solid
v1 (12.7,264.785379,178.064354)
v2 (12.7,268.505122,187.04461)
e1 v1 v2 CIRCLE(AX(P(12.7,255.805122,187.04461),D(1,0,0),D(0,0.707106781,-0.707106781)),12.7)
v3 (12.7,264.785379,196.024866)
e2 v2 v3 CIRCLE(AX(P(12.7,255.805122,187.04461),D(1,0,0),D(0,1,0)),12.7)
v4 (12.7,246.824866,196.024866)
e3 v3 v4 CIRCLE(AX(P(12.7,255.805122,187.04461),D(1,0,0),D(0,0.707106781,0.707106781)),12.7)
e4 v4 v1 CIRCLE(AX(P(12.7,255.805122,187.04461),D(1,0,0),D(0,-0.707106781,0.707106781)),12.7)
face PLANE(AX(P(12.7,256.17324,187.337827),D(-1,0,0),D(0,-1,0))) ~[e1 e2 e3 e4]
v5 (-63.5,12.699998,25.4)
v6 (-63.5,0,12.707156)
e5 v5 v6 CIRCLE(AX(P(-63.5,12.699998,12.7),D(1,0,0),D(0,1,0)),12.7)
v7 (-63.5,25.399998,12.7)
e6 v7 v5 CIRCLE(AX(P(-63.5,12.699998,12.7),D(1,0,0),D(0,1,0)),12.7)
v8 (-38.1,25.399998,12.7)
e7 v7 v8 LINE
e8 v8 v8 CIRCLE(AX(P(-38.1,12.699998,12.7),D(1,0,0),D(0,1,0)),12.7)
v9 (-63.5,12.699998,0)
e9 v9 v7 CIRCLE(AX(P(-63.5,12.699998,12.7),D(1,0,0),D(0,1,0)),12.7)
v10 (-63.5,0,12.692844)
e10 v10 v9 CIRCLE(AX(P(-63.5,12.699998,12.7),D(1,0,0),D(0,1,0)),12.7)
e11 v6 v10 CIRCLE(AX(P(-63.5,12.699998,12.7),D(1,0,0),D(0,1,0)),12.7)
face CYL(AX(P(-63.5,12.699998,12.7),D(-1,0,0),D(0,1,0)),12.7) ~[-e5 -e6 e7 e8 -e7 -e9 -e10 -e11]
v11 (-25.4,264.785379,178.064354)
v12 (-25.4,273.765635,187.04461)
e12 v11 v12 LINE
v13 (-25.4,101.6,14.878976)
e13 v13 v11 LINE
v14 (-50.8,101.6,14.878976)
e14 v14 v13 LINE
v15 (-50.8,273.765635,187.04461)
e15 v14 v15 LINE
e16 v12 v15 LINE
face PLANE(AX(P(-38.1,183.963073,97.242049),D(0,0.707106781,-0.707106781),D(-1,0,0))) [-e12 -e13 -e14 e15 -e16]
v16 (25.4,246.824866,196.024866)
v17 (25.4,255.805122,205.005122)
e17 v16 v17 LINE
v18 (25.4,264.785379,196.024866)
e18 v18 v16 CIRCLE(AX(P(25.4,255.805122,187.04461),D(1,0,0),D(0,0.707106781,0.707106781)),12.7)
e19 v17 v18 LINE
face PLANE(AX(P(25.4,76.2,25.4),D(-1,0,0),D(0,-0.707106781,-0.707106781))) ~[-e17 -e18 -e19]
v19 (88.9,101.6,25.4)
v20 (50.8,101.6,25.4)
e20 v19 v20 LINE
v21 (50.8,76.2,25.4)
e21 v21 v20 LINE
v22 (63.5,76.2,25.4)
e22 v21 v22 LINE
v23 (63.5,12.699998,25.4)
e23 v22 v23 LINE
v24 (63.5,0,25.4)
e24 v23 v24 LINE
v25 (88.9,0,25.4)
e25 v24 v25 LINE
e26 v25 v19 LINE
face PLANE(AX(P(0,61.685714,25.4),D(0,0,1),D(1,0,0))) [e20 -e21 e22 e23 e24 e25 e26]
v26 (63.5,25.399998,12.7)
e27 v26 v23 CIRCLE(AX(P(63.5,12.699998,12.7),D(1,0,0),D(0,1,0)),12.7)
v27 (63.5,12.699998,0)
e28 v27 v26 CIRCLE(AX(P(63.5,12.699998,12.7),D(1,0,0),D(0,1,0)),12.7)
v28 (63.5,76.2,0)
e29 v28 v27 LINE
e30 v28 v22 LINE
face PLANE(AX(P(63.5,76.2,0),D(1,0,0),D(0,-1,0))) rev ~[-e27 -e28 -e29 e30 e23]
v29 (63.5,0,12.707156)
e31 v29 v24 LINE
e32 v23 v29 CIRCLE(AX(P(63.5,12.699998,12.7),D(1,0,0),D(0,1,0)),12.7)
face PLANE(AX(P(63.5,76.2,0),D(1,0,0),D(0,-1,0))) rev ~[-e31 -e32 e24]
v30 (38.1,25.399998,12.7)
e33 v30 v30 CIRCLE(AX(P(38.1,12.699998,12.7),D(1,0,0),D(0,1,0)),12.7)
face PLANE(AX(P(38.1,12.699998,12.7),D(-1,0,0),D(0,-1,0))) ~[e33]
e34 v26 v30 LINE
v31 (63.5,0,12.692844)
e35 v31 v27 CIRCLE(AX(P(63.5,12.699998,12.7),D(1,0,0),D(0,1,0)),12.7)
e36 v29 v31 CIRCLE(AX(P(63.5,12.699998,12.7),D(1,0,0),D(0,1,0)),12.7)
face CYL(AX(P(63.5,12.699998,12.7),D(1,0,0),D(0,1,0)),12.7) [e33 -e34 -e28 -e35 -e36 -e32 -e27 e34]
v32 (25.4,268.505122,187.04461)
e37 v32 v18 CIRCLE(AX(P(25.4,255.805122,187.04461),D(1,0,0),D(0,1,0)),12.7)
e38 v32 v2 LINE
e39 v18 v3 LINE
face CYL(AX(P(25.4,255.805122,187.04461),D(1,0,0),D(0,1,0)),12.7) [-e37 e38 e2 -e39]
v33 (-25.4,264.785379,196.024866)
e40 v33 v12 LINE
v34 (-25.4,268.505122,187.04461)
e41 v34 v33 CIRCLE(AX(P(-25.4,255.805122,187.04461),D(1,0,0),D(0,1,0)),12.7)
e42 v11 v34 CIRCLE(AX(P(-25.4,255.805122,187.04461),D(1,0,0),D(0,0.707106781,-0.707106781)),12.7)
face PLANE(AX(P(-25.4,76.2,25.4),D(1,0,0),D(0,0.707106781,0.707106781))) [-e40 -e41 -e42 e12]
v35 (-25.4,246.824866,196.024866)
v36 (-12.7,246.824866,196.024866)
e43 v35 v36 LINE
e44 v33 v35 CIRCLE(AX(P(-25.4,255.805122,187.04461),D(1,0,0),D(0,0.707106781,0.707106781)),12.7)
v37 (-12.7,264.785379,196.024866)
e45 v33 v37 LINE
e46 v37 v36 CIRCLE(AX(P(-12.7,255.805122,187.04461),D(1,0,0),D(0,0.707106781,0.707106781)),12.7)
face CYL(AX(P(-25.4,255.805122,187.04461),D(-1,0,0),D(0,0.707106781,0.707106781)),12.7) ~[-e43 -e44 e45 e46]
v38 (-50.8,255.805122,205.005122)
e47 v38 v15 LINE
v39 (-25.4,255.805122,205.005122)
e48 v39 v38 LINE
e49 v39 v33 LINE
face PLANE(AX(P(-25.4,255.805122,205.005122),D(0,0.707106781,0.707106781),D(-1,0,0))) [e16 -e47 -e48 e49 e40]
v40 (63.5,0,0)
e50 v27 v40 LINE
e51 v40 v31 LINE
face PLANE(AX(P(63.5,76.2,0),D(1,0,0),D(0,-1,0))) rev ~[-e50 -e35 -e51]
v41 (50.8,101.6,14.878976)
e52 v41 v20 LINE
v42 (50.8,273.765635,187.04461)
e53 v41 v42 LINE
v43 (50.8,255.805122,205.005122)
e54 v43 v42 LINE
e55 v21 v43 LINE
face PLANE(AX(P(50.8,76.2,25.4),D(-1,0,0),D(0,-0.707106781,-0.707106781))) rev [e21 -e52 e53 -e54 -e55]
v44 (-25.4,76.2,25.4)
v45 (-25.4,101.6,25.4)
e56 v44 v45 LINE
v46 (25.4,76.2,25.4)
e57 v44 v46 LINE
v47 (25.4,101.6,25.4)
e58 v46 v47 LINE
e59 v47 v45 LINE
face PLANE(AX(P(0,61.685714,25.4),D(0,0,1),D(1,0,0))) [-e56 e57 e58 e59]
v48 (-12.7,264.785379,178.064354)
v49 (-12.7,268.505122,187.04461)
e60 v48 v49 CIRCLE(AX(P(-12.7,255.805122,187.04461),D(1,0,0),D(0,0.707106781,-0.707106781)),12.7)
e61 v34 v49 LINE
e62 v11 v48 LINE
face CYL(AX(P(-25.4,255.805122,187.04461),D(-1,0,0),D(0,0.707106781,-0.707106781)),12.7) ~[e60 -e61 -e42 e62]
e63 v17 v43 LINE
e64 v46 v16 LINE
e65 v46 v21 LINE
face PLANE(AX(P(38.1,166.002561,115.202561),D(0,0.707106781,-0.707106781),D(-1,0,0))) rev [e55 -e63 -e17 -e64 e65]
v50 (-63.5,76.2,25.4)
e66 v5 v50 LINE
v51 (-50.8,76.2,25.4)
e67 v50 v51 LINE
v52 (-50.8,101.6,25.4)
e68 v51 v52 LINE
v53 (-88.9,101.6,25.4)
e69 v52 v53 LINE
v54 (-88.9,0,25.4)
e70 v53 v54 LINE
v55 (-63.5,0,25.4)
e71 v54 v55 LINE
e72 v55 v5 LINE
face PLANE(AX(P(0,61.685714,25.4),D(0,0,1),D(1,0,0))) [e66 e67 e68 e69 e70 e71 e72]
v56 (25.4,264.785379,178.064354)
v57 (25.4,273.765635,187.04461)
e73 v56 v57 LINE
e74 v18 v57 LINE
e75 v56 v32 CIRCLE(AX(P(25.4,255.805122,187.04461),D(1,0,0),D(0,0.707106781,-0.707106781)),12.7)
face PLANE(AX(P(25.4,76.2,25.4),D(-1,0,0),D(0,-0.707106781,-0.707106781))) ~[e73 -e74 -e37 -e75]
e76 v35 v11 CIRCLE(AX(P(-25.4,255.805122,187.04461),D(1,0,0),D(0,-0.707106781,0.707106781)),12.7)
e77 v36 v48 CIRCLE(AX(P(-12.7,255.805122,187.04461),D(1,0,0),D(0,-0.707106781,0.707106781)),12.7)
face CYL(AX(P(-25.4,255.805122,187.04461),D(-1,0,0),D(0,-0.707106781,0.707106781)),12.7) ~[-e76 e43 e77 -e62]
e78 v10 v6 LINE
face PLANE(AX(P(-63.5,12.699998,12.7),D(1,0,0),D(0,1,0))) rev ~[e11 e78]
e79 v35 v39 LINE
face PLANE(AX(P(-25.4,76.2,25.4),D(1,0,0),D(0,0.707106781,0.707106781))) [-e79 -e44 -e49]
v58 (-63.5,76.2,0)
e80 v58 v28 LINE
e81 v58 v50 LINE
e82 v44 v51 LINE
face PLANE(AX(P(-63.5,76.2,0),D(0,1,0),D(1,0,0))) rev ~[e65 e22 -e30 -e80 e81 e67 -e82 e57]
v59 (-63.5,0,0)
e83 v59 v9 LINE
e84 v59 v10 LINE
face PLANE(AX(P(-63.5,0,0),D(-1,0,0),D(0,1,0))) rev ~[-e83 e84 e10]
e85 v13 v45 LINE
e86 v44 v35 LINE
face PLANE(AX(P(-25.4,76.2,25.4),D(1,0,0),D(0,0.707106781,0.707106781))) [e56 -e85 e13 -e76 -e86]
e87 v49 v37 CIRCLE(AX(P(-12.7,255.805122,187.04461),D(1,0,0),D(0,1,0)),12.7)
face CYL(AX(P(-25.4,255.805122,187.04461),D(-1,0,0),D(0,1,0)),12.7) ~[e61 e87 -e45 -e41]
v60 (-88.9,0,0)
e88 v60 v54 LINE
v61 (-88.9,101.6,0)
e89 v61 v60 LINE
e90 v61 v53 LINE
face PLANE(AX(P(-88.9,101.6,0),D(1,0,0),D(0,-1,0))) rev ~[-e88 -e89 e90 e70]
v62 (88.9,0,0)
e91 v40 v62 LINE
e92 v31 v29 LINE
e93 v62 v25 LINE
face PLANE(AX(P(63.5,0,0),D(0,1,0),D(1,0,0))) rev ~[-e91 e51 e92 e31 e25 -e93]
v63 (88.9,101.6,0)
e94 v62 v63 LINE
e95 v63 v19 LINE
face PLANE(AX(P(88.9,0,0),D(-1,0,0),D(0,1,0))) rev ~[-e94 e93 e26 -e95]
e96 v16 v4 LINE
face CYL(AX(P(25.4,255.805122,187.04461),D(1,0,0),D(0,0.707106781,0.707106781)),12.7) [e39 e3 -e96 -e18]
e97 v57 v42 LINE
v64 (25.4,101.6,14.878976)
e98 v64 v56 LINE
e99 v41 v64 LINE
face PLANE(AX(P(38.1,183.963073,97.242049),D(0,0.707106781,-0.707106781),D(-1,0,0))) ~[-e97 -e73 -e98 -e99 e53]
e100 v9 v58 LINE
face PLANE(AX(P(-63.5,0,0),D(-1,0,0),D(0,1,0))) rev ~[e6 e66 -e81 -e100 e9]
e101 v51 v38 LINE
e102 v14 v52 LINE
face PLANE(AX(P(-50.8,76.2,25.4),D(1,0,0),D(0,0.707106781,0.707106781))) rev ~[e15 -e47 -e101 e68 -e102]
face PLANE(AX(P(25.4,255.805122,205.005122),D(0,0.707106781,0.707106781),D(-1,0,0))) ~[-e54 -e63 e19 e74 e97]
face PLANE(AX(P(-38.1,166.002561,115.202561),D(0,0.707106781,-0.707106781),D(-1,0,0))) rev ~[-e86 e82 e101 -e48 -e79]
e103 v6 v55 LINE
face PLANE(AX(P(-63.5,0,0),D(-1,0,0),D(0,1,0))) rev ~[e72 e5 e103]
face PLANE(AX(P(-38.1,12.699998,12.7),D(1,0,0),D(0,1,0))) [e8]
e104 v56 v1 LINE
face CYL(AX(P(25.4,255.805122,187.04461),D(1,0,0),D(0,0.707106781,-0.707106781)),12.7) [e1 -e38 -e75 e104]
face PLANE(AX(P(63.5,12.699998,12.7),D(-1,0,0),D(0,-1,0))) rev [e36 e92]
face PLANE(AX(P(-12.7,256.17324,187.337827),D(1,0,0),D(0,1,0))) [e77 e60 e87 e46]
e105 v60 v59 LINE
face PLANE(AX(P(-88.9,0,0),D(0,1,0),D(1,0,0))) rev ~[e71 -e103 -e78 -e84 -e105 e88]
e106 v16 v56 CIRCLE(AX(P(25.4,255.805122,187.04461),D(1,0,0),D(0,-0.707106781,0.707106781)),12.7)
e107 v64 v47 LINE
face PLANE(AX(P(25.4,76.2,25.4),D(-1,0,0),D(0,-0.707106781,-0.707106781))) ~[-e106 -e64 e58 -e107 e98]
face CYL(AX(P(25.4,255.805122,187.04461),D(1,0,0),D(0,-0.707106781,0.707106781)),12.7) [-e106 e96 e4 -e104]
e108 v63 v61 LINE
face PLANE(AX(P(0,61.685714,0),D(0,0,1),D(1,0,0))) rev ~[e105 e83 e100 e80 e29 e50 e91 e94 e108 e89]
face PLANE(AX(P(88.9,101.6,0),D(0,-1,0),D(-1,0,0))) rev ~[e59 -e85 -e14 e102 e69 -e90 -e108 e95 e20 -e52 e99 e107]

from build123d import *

# Parameters (mm, degrees)
F1_DEPTH = 25.4
F2_R     = 12.7
F3_DEPTH = 25.4
F6_W     = 25.4
F6_H     = 254
F7_DEPTH = 25.4
F9_DEPTH = 12.7


with BuildPart() as f1:
    # F0 (on Top) → F1 (new body)
    with BuildSketch(Plane.XY):
        Polygon((-88.9, 0), (-63.5, 0), (-63.5, 76.2), (0, 76.2), (63.5, 76.2), (63.5, 0), (88.9, 0), (88.9, 101.6), (0, 101.6), (-88.9, 101.6), align=None)
    extrude(amount=F1_DEPTH)

    # F2 (on face) → F3 (join)
    with BuildSketch(Plane.YZ.offset(-63.5)):
        with Locations((12.6999979839, 12.7)):
            Circle(F2_R)
    extrude(amount=F3_DEPTH)

    # F4: F1 across plane


with BuildPart() as f1_1:
    add(f1.part)
    add(f1.part.mirror(Plane.YZ))

    # F6 (on face) → F7 (join)
    with BuildSketch(Plane(origin=(0, 25.4, -25.4), x_dir=(-1, 0, 0), z_dir=(0, 0.7071067812, -0.7071067812))):
        with Locations((38.1, 198.8420489686)):
            Rectangle(F6_W, F6_H)
    extrude(amount=F7_DEPTH)

    # F8 (on face) → F9 (join)
    with BuildSketch(Plane.YZ.offset(-25.4)):
        with BuildLine():
            ThreePointArc((264.7853785425, 178.0643540582), (267.5383924843, 182.1845305882), (268.5051224214, 187.0446101792))
            ThreePointArc((268.5051224214, 187.0446101792), (267.5383924843, 191.9046897703), (264.7853785425, 196.0248663003))
            ThreePointArc((264.7853785425, 196.0248663003), (255.8051224214, 199.7446101792), (246.8248663003, 196.0248663003))
            ThreePointArc((246.8248663003, 196.0248663003), (246.8248663003, 178.0643540582), (264.7853785425, 178.0643540582))
        make_face()
    extrude(amount=F9_DEPTH)

    # F10: F1 across plane


with BuildPart() as f1_2:
    add(f1_1.part)
    add(f1_1.part.mirror(Plane.YZ))


solid = f1_2.part
